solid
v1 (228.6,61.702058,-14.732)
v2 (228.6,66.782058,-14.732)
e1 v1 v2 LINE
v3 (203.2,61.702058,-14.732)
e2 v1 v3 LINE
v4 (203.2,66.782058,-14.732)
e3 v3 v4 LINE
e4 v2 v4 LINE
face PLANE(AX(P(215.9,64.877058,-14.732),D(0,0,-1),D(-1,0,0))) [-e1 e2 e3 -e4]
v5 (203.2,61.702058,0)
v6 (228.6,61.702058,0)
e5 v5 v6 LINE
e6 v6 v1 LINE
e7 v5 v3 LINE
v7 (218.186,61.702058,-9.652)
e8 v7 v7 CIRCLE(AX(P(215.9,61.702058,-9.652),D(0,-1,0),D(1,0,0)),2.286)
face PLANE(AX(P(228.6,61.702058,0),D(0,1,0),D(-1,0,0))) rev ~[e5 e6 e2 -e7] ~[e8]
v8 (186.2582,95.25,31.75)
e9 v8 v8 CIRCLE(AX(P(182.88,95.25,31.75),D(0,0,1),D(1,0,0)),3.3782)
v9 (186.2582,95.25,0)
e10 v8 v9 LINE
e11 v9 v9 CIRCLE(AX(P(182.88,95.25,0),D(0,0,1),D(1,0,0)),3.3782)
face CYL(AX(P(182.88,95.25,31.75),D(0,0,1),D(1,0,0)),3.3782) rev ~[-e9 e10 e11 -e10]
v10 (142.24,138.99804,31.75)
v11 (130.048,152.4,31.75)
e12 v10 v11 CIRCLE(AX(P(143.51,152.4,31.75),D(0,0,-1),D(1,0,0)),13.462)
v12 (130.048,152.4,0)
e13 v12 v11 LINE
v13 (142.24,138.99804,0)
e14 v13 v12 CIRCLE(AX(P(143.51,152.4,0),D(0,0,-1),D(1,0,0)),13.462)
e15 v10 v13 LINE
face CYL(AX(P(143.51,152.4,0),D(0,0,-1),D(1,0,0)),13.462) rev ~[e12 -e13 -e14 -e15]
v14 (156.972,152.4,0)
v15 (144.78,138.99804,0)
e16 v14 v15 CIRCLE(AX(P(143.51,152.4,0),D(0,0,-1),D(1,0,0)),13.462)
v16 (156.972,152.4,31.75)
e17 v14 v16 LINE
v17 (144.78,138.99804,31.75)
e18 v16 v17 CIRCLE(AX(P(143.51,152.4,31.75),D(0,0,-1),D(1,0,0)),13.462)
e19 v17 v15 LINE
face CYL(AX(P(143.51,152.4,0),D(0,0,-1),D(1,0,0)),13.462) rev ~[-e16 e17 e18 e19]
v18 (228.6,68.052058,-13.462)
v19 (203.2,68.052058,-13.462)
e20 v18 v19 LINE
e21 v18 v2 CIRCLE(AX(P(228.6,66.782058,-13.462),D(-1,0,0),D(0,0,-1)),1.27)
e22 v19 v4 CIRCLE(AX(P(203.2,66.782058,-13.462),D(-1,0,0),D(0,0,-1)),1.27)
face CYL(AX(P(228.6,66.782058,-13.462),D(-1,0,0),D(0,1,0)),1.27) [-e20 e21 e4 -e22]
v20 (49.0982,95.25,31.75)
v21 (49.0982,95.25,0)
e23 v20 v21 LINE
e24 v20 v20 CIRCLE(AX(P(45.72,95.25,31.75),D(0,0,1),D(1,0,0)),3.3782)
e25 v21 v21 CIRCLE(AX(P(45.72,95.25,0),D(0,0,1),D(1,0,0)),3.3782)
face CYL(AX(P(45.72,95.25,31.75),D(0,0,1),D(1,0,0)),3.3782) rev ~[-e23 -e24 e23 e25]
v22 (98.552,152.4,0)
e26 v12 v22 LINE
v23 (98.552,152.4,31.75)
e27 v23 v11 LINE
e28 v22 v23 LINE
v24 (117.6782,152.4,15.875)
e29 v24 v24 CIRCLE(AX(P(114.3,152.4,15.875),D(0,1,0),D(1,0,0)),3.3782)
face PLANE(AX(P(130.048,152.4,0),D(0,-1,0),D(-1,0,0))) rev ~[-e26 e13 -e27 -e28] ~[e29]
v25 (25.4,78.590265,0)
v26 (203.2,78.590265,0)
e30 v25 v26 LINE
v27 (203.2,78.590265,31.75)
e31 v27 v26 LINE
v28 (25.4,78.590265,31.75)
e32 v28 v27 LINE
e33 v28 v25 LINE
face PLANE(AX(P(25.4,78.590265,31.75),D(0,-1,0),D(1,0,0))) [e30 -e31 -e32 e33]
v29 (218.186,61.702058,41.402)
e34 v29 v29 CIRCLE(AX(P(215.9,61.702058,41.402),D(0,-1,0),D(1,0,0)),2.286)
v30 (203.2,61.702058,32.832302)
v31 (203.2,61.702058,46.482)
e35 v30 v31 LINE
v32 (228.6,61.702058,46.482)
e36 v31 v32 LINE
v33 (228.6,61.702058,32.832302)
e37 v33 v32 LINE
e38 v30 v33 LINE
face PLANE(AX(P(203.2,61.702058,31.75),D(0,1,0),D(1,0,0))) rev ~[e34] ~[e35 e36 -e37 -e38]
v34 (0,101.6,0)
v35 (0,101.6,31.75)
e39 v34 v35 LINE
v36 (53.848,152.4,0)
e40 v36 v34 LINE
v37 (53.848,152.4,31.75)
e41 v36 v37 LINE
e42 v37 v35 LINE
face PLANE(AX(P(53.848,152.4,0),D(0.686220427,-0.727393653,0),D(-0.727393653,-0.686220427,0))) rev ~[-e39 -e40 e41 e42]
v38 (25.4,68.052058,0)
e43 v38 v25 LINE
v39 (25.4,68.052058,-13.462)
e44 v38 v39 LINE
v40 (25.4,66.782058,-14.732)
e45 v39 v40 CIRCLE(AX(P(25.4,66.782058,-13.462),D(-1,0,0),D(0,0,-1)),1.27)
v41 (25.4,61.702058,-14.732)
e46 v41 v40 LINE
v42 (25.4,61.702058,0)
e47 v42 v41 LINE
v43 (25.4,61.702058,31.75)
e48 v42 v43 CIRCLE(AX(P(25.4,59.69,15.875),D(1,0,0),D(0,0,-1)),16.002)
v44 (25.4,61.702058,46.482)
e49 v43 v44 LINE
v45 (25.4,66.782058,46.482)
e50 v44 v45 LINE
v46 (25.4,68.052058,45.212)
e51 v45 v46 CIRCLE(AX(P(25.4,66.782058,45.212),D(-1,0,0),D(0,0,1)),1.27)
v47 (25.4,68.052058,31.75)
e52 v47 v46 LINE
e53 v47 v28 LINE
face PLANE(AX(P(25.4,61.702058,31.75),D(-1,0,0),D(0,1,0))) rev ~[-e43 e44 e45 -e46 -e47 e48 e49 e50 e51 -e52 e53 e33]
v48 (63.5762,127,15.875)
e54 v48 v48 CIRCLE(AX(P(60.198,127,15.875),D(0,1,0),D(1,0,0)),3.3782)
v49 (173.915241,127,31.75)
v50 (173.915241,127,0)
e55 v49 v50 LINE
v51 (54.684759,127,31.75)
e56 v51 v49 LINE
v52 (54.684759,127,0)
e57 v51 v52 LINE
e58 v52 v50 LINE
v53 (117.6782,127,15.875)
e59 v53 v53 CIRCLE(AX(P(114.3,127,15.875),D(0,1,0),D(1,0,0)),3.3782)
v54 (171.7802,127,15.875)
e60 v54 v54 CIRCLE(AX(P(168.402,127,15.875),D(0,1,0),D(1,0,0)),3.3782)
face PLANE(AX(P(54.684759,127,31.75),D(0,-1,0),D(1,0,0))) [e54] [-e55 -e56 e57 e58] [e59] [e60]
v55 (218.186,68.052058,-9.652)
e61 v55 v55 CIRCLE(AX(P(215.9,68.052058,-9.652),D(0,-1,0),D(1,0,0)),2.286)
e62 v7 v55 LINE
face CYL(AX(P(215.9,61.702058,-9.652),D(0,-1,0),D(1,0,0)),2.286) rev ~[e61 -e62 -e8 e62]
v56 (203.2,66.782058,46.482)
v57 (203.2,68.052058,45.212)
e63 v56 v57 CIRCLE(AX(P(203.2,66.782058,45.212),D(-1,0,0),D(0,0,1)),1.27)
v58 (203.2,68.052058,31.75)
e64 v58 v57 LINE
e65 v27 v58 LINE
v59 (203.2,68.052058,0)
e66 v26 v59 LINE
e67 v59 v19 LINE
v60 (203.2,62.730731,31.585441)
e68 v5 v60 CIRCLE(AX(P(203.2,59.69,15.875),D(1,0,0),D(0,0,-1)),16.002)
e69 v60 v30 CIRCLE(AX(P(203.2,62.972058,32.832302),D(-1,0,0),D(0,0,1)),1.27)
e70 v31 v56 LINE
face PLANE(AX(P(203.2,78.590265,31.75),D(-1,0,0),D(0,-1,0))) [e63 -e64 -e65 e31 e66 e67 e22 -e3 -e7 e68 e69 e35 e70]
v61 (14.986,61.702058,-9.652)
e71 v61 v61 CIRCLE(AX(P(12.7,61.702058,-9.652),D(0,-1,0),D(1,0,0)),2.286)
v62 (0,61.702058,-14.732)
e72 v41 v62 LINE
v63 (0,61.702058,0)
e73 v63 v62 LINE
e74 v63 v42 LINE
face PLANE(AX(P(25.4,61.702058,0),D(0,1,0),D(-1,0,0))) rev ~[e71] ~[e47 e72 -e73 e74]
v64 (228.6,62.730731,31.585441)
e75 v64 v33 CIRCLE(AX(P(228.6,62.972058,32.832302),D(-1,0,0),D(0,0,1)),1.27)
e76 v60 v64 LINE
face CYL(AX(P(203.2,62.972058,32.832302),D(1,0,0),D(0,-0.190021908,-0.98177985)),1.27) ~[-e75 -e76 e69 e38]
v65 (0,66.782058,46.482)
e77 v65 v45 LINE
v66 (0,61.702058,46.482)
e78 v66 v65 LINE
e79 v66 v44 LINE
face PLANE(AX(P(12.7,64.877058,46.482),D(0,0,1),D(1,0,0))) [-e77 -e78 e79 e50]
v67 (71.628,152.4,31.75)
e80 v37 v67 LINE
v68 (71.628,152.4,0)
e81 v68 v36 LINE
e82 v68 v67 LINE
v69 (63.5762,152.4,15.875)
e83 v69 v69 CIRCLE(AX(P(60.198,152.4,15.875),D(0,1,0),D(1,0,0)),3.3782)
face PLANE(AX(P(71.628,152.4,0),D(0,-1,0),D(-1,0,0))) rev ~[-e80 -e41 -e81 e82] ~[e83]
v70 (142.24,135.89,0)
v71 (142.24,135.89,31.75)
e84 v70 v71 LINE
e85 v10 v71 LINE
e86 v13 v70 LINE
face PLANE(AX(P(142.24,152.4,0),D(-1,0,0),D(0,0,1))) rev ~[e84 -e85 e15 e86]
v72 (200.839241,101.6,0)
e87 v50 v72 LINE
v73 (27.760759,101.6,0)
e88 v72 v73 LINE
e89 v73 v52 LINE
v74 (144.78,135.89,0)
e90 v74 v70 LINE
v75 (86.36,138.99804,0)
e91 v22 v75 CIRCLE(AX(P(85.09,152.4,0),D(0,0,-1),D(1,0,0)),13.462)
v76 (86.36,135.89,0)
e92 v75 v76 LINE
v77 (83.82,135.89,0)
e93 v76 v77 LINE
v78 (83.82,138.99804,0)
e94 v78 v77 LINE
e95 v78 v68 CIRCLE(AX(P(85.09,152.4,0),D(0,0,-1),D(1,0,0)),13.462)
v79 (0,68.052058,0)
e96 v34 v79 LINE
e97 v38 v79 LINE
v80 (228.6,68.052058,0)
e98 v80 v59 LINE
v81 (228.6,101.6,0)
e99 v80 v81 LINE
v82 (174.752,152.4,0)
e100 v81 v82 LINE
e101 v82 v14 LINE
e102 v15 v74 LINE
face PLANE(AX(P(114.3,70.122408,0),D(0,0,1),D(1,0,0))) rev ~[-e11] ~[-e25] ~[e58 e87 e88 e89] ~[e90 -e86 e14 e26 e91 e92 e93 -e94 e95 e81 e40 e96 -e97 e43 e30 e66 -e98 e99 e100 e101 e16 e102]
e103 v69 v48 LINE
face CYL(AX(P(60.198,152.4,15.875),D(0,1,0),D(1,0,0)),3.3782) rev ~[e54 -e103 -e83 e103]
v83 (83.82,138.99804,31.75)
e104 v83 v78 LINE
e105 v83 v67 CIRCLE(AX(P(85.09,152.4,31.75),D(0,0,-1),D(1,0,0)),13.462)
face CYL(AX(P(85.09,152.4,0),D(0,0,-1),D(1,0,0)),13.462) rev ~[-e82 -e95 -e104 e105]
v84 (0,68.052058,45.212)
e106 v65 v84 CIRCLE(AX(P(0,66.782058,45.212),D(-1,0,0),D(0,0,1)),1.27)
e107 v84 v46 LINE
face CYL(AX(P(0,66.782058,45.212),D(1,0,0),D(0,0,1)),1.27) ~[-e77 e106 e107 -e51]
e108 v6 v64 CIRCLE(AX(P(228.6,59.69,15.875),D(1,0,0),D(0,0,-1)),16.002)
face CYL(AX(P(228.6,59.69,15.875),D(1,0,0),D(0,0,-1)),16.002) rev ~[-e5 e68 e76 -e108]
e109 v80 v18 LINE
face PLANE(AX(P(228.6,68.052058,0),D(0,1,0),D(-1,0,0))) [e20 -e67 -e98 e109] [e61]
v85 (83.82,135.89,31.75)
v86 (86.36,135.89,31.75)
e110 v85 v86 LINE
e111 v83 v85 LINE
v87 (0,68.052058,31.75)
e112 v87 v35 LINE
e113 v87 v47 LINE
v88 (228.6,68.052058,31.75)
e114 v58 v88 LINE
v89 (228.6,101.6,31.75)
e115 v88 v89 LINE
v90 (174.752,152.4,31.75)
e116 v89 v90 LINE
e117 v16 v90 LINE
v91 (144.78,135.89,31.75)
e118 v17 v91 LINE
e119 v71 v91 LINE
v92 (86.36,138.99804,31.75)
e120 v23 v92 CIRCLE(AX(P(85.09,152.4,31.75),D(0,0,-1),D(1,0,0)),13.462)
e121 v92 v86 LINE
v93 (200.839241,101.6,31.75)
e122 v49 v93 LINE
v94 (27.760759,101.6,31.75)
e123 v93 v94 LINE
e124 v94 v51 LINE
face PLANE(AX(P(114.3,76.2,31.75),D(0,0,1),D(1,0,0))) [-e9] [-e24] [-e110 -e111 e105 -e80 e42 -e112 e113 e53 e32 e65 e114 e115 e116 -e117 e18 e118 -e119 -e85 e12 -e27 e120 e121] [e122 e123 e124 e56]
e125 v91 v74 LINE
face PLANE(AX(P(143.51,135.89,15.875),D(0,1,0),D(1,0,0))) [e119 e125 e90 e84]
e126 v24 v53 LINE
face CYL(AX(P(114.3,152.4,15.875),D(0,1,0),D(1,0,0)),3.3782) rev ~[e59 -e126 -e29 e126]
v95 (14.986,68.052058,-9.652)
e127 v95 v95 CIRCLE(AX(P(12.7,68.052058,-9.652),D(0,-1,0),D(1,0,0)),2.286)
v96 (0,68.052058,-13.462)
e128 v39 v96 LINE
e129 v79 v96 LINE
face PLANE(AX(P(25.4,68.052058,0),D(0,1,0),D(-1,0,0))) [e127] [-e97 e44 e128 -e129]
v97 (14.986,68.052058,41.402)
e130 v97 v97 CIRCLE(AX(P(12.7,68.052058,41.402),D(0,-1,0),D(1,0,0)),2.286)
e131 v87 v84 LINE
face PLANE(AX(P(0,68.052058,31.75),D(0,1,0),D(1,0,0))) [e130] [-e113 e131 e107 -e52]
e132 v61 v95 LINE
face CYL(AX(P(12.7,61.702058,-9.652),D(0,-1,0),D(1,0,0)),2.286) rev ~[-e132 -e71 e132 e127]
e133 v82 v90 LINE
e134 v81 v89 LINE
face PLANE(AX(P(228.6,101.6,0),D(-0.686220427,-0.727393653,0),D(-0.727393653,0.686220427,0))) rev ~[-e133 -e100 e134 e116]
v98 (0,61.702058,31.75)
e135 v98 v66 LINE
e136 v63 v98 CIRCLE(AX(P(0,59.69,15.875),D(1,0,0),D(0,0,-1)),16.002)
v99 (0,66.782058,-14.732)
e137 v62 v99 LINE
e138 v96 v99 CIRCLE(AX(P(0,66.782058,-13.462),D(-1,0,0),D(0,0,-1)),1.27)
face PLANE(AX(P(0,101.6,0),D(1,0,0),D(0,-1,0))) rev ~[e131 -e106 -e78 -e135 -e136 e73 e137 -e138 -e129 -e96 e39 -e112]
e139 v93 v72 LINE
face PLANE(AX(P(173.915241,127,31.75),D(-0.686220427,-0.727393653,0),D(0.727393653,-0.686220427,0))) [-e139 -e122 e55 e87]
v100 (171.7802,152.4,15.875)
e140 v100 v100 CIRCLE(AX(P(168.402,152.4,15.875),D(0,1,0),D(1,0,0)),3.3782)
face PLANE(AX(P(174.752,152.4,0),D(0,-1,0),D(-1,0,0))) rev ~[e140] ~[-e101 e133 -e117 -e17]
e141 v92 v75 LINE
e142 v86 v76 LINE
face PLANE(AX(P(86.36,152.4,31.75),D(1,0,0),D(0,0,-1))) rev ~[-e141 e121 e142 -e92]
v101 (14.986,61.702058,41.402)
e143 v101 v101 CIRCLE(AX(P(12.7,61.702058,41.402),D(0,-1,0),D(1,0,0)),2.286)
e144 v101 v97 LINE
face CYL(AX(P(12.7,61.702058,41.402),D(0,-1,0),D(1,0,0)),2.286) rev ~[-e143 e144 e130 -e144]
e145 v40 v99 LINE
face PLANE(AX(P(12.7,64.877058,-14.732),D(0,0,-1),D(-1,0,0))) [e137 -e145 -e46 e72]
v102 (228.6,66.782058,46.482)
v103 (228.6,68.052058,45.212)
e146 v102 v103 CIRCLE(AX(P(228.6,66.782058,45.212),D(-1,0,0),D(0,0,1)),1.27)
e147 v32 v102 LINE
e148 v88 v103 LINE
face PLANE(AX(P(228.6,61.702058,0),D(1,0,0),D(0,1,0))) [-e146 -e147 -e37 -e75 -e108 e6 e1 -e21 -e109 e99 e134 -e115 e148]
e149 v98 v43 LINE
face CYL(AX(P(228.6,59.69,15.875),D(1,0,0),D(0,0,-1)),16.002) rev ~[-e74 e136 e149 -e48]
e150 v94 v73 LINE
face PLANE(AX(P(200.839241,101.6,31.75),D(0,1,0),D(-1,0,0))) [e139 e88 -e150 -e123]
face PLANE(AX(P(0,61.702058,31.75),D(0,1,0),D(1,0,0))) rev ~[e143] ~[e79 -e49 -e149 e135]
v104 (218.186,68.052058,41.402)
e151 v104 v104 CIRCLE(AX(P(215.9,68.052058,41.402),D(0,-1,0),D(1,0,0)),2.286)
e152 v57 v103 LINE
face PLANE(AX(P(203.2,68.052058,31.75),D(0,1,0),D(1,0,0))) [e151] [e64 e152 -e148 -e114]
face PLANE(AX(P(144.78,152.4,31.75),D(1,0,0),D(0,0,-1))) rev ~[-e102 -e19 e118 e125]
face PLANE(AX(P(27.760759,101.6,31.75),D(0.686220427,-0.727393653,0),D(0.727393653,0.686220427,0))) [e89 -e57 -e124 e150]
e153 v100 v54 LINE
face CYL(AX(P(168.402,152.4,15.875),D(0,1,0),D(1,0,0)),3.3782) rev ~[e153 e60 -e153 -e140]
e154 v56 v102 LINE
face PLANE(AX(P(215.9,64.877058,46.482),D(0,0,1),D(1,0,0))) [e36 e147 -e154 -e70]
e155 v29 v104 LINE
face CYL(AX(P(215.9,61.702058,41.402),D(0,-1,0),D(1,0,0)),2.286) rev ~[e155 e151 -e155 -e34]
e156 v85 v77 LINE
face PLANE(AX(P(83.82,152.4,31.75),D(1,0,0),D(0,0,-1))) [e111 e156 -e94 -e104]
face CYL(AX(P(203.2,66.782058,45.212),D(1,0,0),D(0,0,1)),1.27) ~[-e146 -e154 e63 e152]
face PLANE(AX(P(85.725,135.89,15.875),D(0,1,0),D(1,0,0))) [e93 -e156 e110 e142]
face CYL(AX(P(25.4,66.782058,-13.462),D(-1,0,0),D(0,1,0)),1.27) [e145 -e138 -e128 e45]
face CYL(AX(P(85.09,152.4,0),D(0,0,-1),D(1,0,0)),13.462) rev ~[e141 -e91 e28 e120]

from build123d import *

# Parameters (mm, degrees)
BOSS_EXTRUDE1_DEPTH = 50.8
SKETCH7_W           = 228.6
SKETCH7_H           = 152.4
CUT_EXTRUDE5_DEPTH  = 19.05
SKETCH9_R           = 3.3782
CUT_EXTRUDE7_DEPTH  = 27.94
CUT_EXTRUDE8_DEPTH  = 40.64
SKETCH12_W          = 1.27
SKETCH12_H          = 31.75
CUT_EXTRUDE9_DEPTH  = 16.51
CUT_EXTRUDE10_REACH = 33.75
SKETCH13_R          = 3.3782
CUT_EXTRUDE11_DEPTH = 32.75
SKETCH15_R          = 16.002
CUT_EXTRUDE12_DEPTH = 229.6
SKETCH16_W          = 25.4
SKETCH16_H          = 6.35
BOSS_EXTRUDE2_DEPTH = 14.732
SKETCH17_W          = 25.4
SKETCH17_H          = 6.35
BOSS_EXTRUDE3_DEPTH = 14.732
FILLET7_R           = 1.27
FILLET8_R           = 1.27
FILLET9_R           = 1.27
FILLET10_R          = 1.27
CUT_EXTRUDE14_DEPTH = 47.482
FILLET15_R          = 1.27
SKETCH22_R          = 2.286
CUT_EXTRUDE15_DEPTH = 91.697941601


with BuildPart() as part:
    # Sketch2 → Boss-Extrude1 (new body)
    with BuildSketch(Plane.XY):
        with BuildLine():
            Line((215.9, 0), (228.6, 0))
            Line((228.6, 0), (228.6, 101.6))
            Line((228.6, 101.6), (174.752, 152.4))
            Line((174.752, 152.4), (156.972, 152.4))
            ThreePointArc((156.972, 152.4), (143.51, 138.938), (130.048, 152.4))
            Line((130.048, 152.4), (98.552, 152.4))
            ThreePointArc((98.552, 152.4), (85.09, 138.938), (71.628, 152.4))
            Line((71.628, 152.4), (53.848, 152.4))
            Line((53.848, 152.4), (0, 101.6))
            Line((0, 101.6), (0, 0))
            Line((0, 0), (12.7, 0))
            Line((12.7, 0), (215.9, 0))
        make_face()
    extrude(amount=BOSS_EXTRUDE1_DEPTH)

    # Sketch7 → Cut-Extrude5 (cut)
    with BuildSketch(Plane.XY.offset(50.8)):
        with Locations((114.3, 76.2)):
            Rectangle(SKETCH7_W, SKETCH7_H)
    extrude(amount=-CUT_EXTRUDE5_DEPTH, mode=Mode.SUBTRACT)

    # Sketch9 → Cut-Extrude7 (cut)
    with BuildSketch(Plane(origin=(0, 152.4, 0), x_dir=(1, 0, 0), z_dir=(0, 1, 0))):
        with Locations((60.198, -15.875)):
            Circle(SKETCH9_R)
        with Locations((114.3, -15.875)):
            Circle(SKETCH9_R)
        with Locations((168.402, -15.875)):
            Circle(SKETCH9_R)
    extrude(amount=-CUT_EXTRUDE7_DEPTH, mode=Mode.SUBTRACT)

    # Sketch10 → Cut-Extrude8 (cut)
    with BuildSketch(Plane.XY.offset(31.75)):
        Polygon((27.760759157, 101.6), (54.684759157, 127), (173.915240843, 127), (200.839240843, 101.6), align=None)
    extrude(amount=-CUT_EXTRUDE8_DEPTH, mode=Mode.SUBTRACT)

    # Sketch12 → Cut-Extrude9 (cut)
    with BuildSketch(Plane(origin=(0, 152.4, 0), x_dir=(1, 0, 0), z_dir=(0, 1, 0))):
        with Locations((85.725, -15.875)):
            Rectangle(SKETCH12_W, SKETCH12_H)
        with Locations((84.455, -15.875)):
            Rectangle(SKETCH12_W, SKETCH12_H)
        Polygon((143.51, 0), (142.24, 0), (142.24, -31.75), (144.78, -31.75), (144.78, 0), align=None)
    extrude(amount=-CUT_EXTRUDE9_DEPTH, mode=Mode.SUBTRACT)

    # Sketch13 → Cut-Extrude10 (cut, up to next)
    with BuildSketch(Plane.XY.offset(31.75), mode=Mode.PRIVATE) as cut_extrude10_sk1:
        with Locations((45.72, 95.25)):
            Circle(SKETCH13_R)
    cut_extrude10_tool1 = extrude(cut_extrude10_sk1.sketch, amount=-CUT_EXTRUDE10_REACH, mode=Mode.PRIVATE) & part.part
    add(cut_extrude10_tool1.solids().sort_by_distance((45.72, 95.25, 31.75))[0], mode=Mode.SUBTRACT)
    # Sketch13 → Cut-Extrude10 (cut, up to next)
    with BuildSketch(Plane.XY.offset(31.75), mode=Mode.PRIVATE) as cut_extrude10_sk2:
        with Locations((182.88, 95.25)):
            Circle(SKETCH13_R)
    cut_extrude10_tool2 = extrude(cut_extrude10_sk2.sketch, amount=-CUT_EXTRUDE10_REACH, mode=Mode.PRIVATE) & part.part
    add(cut_extrude10_tool2.solids().sort_by_distance((182.88, 95.25, 31.75))[0], mode=Mode.SUBTRACT)

    # Sketch14 → Cut-Extrude11 (cut, through all)
    with BuildSketch(Plane(origin=(0, 0, 0), x_dir=(-1, 0, 0), z_dir=(0, 0, -1))):
        Polygon((-182.88, 59.69), (-228.6, 59.69), (-228.6, 0), (0, 0), (0, 59.69), align=None)
    extrude(amount=-CUT_EXTRUDE11_DEPTH, mode=Mode.SUBTRACT)

    # Sketch15 → Cut-Extrude12 (cut, through all)
    with BuildSketch(Plane(origin=(228.6, 0, 0), x_dir=(0, 0, -1), z_dir=(1, 0, 0))):
        with Locations((-15.875, 59.69)):
            Circle(SKETCH15_R)
    extrude(amount=-CUT_EXTRUDE12_DEPTH, mode=Mode.SUBTRACT)

    # Sketch16 → Boss-Extrude2 (add)
    with BuildSketch(Plane.XY.offset(31.75)):
        with Locations((215.9, 64.877058399)):
            Rectangle(SKETCH16_W, SKETCH16_H)
        with Locations((12.7, 64.877058399)):
            Rectangle(SKETCH16_W, SKETCH16_H)
    extrude(amount=BOSS_EXTRUDE2_DEPTH)

    # Sketch17 → Boss-Extrude3 (add)
    with BuildSketch(Plane(origin=(0, 0, 0), x_dir=(-1, 0, 0), z_dir=(0, 0, -1))):
        with Locations((-215.9, 64.877058399)):
            Rectangle(SKETCH17_W, SKETCH17_H)
        with Locations((-12.7, 64.877058399)):
            Rectangle(SKETCH17_W, SKETCH17_H)
    extrude(amount=BOSS_EXTRUDE3_DEPTH)

    # Fillet7
    fillet7_edges = [part.edges().sort_by_distance(p)[0] for p in [
        (215.9, 68.052058399, 46.482),
    ]]
    fillet(fillet7_edges, radius=FILLET7_R)

    # Fillet8
    fillet8_edges = [part.edges().sort_by_distance(p)[0] for p in [
        (215.9, 68.052058399, -14.732),
    ]]
    fillet(fillet8_edges, radius=FILLET8_R)

    # Fillet9
    fillet9_edges = [part.edges().sort_by_distance(p)[0] for p in [
        (12.7, 68.052058399, -14.732),
    ]]
    fillet(fillet9_edges, radius=FILLET9_R)

    # Fillet10
    fillet10_edges = [part.edges().sort_by_distance(p)[0] for p in [
        (12.7, 68.052058399, 46.482),
    ]]
    fillet(fillet10_edges, radius=FILLET10_R)

    # Sketch20 → Cut-Extrude14 (cut, through all)
    with BuildSketch(Plane.XY.offset(31.75)):
        Polygon((66.04, 61.702058399), (25.4, 61.702058399), (25.4, 78.590265292), (203.2, 78.590265292), (203.2, 61.702058399), (162.56, 61.702058399), align=None)
    extrude(amount=-CUT_EXTRUDE14_DEPTH, mode=Mode.SUBTRACT)

    # Fillet15
    fillet15_edges = [part.edges().sort_by_distance(p)[0] for p in [
        (215.9, 61.702058399, 31.75),
    ]]
    fillet(fillet15_edges, radius=FILLET15_R)

    # Sketch22 → Cut-Extrude15 (cut, through all)
    with BuildSketch(Plane.XZ.offset(-61.702058399)):
        with Locations((12.7, 41.402)):
            Circle(SKETCH22_R)
        with Locations((12.7, -9.652)):
            Circle(SKETCH22_R)
        with Locations((215.9, -9.652)):
            Circle(SKETCH22_R)
        with Locations((215.9, 41.402)):
            Circle(SKETCH22_R)
    extrude(amount=-CUT_EXTRUDE15_DEPTH, mode=Mode.SUBTRACT)


solid = part.part
